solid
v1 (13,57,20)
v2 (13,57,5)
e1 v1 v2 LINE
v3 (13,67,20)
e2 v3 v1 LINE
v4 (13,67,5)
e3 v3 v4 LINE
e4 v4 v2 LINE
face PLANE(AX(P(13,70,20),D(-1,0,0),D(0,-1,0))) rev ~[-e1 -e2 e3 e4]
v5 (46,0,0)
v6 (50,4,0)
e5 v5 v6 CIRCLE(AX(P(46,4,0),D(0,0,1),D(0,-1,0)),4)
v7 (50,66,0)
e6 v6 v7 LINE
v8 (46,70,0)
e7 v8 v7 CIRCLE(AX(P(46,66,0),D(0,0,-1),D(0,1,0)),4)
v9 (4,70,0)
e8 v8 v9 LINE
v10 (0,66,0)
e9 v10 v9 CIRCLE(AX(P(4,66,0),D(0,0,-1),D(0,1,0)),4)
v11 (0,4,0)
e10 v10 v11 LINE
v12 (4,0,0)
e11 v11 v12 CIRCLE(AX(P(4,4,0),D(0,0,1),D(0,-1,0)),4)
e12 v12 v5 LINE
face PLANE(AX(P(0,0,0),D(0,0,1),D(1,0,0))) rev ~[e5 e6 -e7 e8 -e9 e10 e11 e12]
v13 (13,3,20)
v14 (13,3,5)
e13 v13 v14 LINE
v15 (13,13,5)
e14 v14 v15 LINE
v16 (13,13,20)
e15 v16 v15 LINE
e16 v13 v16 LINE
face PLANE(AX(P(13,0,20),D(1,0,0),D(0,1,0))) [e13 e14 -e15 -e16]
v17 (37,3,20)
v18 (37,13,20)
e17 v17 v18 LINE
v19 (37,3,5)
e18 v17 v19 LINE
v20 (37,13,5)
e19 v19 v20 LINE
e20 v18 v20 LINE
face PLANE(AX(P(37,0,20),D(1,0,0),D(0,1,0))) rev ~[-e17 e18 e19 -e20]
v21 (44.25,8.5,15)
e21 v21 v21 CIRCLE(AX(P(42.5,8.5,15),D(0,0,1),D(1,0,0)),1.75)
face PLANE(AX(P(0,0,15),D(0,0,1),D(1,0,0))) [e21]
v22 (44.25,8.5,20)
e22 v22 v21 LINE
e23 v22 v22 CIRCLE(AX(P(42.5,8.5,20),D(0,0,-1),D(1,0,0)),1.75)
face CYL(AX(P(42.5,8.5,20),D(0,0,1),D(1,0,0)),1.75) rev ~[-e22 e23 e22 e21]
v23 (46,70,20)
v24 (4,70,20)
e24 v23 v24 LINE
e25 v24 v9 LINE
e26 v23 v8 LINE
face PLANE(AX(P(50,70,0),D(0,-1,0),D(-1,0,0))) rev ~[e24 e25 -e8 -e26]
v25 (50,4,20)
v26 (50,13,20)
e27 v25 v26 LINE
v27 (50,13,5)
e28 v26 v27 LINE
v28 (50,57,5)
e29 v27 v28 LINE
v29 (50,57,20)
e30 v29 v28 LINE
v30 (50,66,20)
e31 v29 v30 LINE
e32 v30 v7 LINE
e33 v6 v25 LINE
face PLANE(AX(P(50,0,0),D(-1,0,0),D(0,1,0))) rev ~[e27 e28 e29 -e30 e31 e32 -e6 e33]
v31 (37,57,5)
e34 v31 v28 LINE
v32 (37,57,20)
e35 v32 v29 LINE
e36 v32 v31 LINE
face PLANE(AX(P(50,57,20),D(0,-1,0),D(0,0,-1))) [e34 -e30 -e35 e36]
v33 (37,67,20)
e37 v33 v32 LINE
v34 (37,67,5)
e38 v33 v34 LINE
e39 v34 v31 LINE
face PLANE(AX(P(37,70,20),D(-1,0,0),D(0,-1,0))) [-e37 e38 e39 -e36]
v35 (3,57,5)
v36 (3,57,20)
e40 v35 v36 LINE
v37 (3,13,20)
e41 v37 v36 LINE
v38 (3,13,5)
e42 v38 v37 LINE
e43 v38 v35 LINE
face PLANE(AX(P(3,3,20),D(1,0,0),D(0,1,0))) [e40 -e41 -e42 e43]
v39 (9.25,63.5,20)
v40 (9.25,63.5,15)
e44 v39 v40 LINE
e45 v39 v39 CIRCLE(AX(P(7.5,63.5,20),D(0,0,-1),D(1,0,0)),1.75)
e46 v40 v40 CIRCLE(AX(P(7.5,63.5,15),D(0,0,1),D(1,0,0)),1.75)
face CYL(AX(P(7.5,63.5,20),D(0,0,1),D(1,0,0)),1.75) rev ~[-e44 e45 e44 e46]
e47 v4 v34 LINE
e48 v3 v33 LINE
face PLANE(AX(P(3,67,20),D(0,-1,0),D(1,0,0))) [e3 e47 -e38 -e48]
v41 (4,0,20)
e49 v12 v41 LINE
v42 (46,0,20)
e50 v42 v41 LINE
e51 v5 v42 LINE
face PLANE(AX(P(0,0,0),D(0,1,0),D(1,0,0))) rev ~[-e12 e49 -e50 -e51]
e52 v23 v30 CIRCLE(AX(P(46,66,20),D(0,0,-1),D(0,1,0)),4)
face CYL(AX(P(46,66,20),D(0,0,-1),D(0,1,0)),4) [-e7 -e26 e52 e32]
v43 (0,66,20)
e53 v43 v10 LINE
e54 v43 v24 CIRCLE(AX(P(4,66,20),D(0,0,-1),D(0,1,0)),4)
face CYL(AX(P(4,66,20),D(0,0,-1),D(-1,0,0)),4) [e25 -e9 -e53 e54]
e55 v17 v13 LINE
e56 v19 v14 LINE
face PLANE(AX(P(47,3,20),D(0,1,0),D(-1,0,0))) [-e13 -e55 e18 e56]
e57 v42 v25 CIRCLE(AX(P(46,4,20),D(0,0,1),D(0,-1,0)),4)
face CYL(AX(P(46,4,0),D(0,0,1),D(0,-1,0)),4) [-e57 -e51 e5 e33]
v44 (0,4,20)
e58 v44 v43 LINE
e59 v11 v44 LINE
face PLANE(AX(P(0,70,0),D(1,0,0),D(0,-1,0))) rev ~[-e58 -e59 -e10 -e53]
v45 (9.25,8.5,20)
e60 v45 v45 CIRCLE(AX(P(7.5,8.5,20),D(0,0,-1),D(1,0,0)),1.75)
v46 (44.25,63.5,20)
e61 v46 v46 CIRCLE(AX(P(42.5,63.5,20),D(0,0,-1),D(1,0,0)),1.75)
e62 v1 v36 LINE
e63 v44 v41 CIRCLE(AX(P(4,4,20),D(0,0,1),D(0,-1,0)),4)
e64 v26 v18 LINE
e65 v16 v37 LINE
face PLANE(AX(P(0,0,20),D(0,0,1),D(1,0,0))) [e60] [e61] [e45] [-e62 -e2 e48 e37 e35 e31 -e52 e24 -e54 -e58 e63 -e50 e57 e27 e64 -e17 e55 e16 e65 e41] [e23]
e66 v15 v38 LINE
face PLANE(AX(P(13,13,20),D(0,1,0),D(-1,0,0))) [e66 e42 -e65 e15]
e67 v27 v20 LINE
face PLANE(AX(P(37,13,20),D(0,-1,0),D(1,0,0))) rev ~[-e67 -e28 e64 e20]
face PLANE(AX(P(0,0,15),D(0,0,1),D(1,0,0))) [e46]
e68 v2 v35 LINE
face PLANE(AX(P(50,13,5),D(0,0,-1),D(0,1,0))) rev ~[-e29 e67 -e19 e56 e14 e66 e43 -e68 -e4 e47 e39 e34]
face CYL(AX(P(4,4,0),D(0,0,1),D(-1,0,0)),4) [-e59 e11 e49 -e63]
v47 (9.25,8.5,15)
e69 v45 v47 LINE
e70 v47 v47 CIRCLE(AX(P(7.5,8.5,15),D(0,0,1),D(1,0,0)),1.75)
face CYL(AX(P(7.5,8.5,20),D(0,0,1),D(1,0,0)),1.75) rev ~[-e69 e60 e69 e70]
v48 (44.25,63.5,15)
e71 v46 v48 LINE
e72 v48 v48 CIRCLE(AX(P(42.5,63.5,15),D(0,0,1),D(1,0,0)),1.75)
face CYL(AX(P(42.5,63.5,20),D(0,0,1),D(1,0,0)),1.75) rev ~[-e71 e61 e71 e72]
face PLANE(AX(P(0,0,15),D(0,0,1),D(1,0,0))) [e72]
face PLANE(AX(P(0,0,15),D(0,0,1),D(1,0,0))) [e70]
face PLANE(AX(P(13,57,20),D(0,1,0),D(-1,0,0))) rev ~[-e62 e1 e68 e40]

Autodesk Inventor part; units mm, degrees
ref_plane "YZ Plane" through (0, 0, 0) normal (1, 0, 0) x (0, 1, 0)
ref_plane "XZ Plane" through (0, 0, 0) normal (0, 1, 0) x (-1, 0, 0)
ref_plane "XY Plane" through (0, 0, 0) normal (0, 0, 1) x (1, 0, 0)
sketch "Sketch1" plane through (0, 0, 0) normal (0, 0, 1) x (1, 0, 0)
  line L0 (0, 0) -> (50, 0)
  line L1 (50, 0) -> (50, 70)
  line L2 (50, 70) -> (0, 70)
  line L3 (0, 70) -> (0, 0)
  dimension "d0" = 50
  dimension "d1" = 70
extrude "Extrusion1" add sketch "Sketch1" along normal blind 20
sketch "Sketch2" plane through (0, 0, 20) normal (0, 0, 1) x (1, 0, 0)
  line L0 (50, 70) -> (0, 70) projected
  line L1 (0, 0) -> (50, 0) projected
  line L2 (3, 67) -> (47, 67)
  line L3 (47, 67) -> (47, 3)
  line L4 (47, 3) -> (3, 3)
  line L5 (3, 3) -> (3, 67)
  line L6 (0, 70) -> (0, 0) projected
  dimension "d4" = 44
  dimension "d5" = 64
  dimension "d6" = 3
  dimension "d7" = 3
extrude "Extrusion2" cut sketch "Sketch2" against normal blind 15
sketch "Sketch3" plane through (0, 0, 20) normal (0, 0, 1) x (1, 0, 0)
  line L0 (50, 70) -> (0, 70) projected
  line L1 (0, 70) -> (13, 70)
  line L2 (13, 70) -> (13, 57)
  line L3 (13, 57) -> (0, 57)
  line L4 (0, 57) -> (0, 70)
  line L5 (0, 0) -> (50, 0) projected
  line L6 (0, 0) -> (13, 0)
  line L7 (13, 0) -> (13, 13)
  line L8 (13, 13) -> (0, 13)
  line L9 (0, 13) -> (0, 0)
  line L10 (50, 70) -> (37, 70)
  line L11 (37, 70) -> (37, 57)
  line L12 (37, 57) -> (50, 57)
  line L13 (50, 57) -> (50, 70)
  line L14 (50, 0) -> (37, 0)
  line L15 (37, 0) -> (37, 13)
  line L16 (37, 13) -> (50, 13)
  line L17 (50, 13) -> (50, 0)
  point P0 (37, 0)
  dimension "d10" = 13
  dimension "d11" = 13
extrude "Extrusion3" add sketch "Sketch3" against normal up to surface (15 mm away)
sketch "Sketch4" plane through (0, 0, 20) normal (0, 0, 1) x (1, 0, 0)
  line L0 (7.5, 63.5) -> (42.5, 63.5)
  line L1 (42.5, 63.5) -> (42.5, 8.5)
  line L2 (42.5, 8.5) -> (7.5, 8.5)
  line L3 (7.5, 8.5) -> (7.5, 63.5)
  circle A0 centre (7.5, 63.5) radius 1.75
  circle A1 centre (42.5, 63.5) radius 1.75
  circle A2 centre (42.5, 8.5) radius 1.75
  circle A3 centre (7.5, 8.5) radius 1.75
  line L4 (50, 70) -> (0, 70) projected
  line L5 (47, 57) -> (37, 57) projected
  line L6 (50, 0) -> (50, 70) projected
  point P0 (0, 0)
  dimension "d18" = 3.5
  dimension "d22" = 35
  dimension "d23" = 55
  dimension "d24" = 7.5
  dimension "d25" = 6.5
extrude "Extrusion4" cut sketch "Sketch4" against normal blind 5 contours L3 A0 L0 | L0 A0 L3 | A1 L1 L0 | L0 L1 A1 | A3 L2 L3 | L3 L2 A3 | A2 L1 L2 | L2 L1 A2
sketch "Sketch5" plane through (50, 0, 0) normal (1, 0, 0) x (0, 0, -1)
  line L0 (-20, 13) -> (-5, 13) projected
  line L1 (-20, 57) -> (-5, 57) projected
  line L2 (-5, 13) -> (-5, 57) projected
  line L3 (-20, 13) -> (-5, 13)
  line L4 (-5, 13) -> (-5, 57)
  line L5 (-5, 57) -> (-20, 57)
  line L6 (-20, 57) -> (-20, 13)
  point P0 (0, 0)
extrude "Extrusion5" cut sketch "Sketch5" against normal up to surface (47 mm away)
fillet "Fillet2" radius 4 4 edges at (0, 70, 10) (50, 70, 10) (50, 0, 10) (0, 0, 10)
properties part number "HOLDER"
